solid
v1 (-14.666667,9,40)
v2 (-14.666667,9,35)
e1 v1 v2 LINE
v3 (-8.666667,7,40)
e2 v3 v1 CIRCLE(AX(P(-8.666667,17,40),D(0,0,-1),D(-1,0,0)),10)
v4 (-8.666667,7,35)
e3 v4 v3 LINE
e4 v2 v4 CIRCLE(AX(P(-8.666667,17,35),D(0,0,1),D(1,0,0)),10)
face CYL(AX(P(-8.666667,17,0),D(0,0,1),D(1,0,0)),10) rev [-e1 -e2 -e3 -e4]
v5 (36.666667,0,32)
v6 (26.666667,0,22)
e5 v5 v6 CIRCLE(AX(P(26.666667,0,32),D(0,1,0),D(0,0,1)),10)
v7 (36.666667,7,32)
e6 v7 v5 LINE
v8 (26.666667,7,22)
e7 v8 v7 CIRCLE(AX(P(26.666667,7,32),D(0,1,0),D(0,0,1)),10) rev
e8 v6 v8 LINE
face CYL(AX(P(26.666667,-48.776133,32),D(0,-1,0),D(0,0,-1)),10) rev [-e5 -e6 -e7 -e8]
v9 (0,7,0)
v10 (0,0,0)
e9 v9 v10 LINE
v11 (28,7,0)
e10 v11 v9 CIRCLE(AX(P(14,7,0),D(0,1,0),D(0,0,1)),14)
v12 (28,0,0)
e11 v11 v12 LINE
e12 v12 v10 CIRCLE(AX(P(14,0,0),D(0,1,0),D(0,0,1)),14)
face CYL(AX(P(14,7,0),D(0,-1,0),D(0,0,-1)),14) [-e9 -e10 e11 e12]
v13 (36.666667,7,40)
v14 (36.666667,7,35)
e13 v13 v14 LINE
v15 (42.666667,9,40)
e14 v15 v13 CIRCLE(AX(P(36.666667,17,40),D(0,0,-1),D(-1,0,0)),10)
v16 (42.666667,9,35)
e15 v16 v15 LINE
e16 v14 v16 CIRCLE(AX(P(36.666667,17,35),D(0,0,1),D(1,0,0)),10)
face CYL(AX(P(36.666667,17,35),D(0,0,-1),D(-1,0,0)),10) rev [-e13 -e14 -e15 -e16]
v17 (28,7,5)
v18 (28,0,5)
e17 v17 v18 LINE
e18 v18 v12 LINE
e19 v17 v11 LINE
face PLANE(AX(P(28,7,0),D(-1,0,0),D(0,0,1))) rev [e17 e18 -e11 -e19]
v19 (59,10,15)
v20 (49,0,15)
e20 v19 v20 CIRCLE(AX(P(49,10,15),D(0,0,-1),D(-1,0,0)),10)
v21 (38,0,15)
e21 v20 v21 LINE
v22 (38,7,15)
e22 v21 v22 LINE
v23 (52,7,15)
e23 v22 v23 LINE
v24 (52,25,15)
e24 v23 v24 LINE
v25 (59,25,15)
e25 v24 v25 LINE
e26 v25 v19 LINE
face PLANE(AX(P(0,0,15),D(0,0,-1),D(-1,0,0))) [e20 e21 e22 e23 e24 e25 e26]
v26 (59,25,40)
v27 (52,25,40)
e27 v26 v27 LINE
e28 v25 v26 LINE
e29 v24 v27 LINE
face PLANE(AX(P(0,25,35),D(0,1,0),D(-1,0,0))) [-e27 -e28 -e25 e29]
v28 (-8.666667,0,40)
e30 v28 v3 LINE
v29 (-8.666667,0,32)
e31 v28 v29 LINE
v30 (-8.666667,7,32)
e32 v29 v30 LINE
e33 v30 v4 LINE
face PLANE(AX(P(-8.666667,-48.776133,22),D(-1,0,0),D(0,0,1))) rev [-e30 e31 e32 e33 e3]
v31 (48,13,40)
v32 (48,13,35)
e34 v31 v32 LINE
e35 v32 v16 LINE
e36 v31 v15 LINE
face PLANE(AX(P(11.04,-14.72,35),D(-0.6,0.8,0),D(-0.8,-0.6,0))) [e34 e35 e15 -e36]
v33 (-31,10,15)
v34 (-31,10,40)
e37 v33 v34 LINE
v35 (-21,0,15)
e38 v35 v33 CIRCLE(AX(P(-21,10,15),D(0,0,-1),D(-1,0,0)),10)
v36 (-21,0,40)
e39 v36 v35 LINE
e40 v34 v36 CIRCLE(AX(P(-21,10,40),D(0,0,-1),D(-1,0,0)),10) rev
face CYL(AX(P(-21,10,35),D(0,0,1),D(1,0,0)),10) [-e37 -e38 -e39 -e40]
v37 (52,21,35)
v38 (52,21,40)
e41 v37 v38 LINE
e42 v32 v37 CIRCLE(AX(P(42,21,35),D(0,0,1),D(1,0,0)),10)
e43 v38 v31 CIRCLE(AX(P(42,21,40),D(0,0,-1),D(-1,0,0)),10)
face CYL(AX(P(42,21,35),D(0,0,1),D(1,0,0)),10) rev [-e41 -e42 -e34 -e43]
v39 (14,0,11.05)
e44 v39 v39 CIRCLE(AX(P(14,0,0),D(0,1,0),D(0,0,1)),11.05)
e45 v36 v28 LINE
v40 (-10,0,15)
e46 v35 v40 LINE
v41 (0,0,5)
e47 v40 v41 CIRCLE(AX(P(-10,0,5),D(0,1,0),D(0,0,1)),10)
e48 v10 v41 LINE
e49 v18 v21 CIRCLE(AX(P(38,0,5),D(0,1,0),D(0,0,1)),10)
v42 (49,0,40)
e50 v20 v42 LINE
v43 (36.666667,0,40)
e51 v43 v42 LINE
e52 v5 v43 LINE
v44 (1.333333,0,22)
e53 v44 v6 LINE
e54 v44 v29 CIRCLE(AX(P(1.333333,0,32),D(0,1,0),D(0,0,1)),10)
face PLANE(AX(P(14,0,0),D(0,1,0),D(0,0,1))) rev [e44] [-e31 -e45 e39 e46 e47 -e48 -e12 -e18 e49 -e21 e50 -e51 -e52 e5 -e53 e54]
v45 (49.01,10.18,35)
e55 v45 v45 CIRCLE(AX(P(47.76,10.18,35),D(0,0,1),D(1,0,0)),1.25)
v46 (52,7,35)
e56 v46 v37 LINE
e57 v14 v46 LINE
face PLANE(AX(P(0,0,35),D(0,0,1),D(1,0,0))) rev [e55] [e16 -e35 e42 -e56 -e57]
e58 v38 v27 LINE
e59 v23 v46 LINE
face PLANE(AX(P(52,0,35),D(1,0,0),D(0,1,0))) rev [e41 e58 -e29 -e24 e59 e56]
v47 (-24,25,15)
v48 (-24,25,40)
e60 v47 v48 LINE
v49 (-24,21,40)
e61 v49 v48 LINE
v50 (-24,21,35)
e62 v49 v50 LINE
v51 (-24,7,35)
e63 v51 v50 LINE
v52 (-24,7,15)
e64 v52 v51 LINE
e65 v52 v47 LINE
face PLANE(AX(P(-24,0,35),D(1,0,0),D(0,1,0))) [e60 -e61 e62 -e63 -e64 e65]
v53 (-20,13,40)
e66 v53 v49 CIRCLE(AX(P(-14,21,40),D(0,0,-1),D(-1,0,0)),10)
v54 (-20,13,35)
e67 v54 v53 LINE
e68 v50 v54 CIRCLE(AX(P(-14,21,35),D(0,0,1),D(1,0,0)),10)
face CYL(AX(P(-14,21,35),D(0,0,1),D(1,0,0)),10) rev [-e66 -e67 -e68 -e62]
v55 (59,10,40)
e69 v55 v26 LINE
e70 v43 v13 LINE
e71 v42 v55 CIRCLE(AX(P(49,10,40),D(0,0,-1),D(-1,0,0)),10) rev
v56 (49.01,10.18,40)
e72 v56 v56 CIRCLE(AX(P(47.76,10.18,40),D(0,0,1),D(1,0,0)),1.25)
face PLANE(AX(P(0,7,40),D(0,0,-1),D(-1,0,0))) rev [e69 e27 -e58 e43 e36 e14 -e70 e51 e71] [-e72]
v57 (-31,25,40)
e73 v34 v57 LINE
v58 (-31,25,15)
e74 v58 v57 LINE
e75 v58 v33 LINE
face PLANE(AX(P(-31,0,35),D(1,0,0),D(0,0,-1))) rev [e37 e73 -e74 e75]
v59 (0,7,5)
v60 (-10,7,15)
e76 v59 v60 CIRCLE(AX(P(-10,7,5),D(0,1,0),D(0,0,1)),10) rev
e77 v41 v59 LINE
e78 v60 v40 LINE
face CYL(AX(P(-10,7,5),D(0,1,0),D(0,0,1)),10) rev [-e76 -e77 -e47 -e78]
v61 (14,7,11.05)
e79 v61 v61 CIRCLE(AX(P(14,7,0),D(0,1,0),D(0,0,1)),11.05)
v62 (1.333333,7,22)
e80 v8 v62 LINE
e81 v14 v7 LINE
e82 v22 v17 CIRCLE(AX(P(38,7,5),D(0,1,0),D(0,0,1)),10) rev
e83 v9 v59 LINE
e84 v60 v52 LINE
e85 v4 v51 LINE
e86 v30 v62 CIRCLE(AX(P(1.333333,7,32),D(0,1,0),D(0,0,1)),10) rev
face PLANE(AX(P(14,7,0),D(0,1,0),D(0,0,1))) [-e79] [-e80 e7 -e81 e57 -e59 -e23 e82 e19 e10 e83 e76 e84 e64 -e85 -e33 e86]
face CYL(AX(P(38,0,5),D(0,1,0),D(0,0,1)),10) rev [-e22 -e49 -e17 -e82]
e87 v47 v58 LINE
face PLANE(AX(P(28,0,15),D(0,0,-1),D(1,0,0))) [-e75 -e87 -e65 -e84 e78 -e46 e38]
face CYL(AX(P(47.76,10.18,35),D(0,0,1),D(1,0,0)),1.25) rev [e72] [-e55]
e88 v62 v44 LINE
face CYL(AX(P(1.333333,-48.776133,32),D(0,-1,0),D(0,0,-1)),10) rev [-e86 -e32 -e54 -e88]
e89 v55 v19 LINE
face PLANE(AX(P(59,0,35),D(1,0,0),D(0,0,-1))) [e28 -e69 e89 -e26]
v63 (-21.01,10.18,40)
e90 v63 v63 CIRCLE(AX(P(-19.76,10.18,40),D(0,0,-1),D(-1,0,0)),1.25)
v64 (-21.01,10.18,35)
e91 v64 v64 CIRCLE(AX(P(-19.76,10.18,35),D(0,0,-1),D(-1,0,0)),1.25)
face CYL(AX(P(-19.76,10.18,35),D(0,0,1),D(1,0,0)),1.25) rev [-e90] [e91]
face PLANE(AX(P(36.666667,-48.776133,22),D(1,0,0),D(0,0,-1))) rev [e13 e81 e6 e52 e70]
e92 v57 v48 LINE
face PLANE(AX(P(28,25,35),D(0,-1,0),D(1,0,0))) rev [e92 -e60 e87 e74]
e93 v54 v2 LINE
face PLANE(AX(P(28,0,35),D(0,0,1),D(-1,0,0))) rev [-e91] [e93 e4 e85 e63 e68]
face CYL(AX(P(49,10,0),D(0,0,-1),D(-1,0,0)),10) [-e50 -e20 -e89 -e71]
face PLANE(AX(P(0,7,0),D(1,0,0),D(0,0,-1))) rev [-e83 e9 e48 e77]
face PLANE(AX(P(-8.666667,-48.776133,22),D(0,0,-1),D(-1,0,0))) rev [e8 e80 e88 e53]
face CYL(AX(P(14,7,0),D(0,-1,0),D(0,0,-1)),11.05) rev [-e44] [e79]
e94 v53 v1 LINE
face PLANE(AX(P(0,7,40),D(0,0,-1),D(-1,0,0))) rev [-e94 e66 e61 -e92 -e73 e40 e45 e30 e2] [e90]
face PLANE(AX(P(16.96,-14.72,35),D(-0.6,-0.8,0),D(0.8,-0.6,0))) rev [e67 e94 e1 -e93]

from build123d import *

# Parameters (mm, degrees)
SKETCH1_R           = 11.05
BOSS_EXTRUDE1_DEPTH = 7
SKETCH2_R           = 1.25
BOSS_EXTRUDE2_DEPTH = 5
BOSS_EXTRUDE3_DEPTH = 20
FILLET1_R           = 10
SKETCH5_W           = 45.333333334
SKETCH5_H           = 18
CUT_EXTRUDE2_DEPTH  = 7
FILLET2_R           = 10


with BuildPart() as part:
    # Sketch1 → Boss-Extrude1 (new body)
    with BuildSketch(Plane(origin=(0, 0, 0), x_dir=(1, 0, 0), z_dir=(0, 1, 0))):
        with BuildLine():
            Line((0, 0), (0, -40))
            Line((0, -40), (28, -40))
            Line((28, -40), (28, 0))
            ThreePointArc((28, 0), (14, 14), (0, 0))
        make_face()
        with Locations(Location((14, 0, 0), (0, 0, 270))):
            Circle(SKETCH1_R, mode=Mode.SUBTRACT)
    extrude(amount=BOSS_EXTRUDE1_DEPTH)

    # Sketch2 → Boss-Extrude2 (add)
    with BuildSketch(Plane.XY.offset(40)):
        Polygon((52, 16), (52, 25), (59, 25), (59, 0), (28, 0), (28, 7), (40, 7), align=None)
        with Locations((47.76, 10.18)):
            Circle(SKETCH2_R, mode=Mode.SUBTRACT)
    boss_extrude2 = extrude(amount=-BOSS_EXTRUDE2_DEPTH)

    # Sketch3 → Boss-Extrude3 (add)
    with BuildSketch(Plane(origin=(0, 0, 35), x_dir=(-1, 0, 0), z_dir=(0, 0, -1))):
        Polygon((-52, 16), (-52, 7), (-40, 7), (-28, 7), (-28, 0), (-59, 0), (-59, 25), (-52, 25), align=None)
    boss_extrude3 = extrude(amount=BOSS_EXTRUDE3_DEPTH)

    # Mirror1: Boss-Extrude2, Boss-Extrude3 across plane
    add(boss_extrude2.mirror(Plane(origin=(14, 0, 0), x_dir=(0, 0, 1), z_dir=(1, 0, 0))))
    add(boss_extrude3.mirror(Plane(origin=(14, 0, 0), x_dir=(0, 0, 1), z_dir=(1, 0, 0))))

    # Fillet1
    fillet1_edges = [part.edges().sort_by_distance(p)[0] for p in [
        (52, 16, 37.5),
        (59, 0, 27.5),
        (40, 7, 37.5),
        (28, 3.5, 15),
        (-24, 16, 37.5),
        (-12, 7, 37.5),
        (-31, 0, 27.5),
        (0, 3.5, 15),
    ]]
    fillet(fillet1_edges, radius=FILLET1_R)

    # Sketch5 → Cut-Extrude2 (cut)
    with BuildSketch(Plane(origin=(0, 7, 0), x_dir=(1, 0, 0), z_dir=(0, 1, 0))):
        with Locations((14, -31)):
            Rectangle(SKETCH5_W, SKETCH5_H)
    extrude(amount=-CUT_EXTRUDE2_DEPTH, mode=Mode.SUBTRACT)

    # Fillet2
    fillet2_edges = [part.edges().sort_by_distance(p)[0] for p in [
        (-8.666666667, 3.5, 22),
        (36.666666667, 3.5, 22),
    ]]
    fillet(fillet2_edges, radius=FILLET2_R)


solid = part.part
